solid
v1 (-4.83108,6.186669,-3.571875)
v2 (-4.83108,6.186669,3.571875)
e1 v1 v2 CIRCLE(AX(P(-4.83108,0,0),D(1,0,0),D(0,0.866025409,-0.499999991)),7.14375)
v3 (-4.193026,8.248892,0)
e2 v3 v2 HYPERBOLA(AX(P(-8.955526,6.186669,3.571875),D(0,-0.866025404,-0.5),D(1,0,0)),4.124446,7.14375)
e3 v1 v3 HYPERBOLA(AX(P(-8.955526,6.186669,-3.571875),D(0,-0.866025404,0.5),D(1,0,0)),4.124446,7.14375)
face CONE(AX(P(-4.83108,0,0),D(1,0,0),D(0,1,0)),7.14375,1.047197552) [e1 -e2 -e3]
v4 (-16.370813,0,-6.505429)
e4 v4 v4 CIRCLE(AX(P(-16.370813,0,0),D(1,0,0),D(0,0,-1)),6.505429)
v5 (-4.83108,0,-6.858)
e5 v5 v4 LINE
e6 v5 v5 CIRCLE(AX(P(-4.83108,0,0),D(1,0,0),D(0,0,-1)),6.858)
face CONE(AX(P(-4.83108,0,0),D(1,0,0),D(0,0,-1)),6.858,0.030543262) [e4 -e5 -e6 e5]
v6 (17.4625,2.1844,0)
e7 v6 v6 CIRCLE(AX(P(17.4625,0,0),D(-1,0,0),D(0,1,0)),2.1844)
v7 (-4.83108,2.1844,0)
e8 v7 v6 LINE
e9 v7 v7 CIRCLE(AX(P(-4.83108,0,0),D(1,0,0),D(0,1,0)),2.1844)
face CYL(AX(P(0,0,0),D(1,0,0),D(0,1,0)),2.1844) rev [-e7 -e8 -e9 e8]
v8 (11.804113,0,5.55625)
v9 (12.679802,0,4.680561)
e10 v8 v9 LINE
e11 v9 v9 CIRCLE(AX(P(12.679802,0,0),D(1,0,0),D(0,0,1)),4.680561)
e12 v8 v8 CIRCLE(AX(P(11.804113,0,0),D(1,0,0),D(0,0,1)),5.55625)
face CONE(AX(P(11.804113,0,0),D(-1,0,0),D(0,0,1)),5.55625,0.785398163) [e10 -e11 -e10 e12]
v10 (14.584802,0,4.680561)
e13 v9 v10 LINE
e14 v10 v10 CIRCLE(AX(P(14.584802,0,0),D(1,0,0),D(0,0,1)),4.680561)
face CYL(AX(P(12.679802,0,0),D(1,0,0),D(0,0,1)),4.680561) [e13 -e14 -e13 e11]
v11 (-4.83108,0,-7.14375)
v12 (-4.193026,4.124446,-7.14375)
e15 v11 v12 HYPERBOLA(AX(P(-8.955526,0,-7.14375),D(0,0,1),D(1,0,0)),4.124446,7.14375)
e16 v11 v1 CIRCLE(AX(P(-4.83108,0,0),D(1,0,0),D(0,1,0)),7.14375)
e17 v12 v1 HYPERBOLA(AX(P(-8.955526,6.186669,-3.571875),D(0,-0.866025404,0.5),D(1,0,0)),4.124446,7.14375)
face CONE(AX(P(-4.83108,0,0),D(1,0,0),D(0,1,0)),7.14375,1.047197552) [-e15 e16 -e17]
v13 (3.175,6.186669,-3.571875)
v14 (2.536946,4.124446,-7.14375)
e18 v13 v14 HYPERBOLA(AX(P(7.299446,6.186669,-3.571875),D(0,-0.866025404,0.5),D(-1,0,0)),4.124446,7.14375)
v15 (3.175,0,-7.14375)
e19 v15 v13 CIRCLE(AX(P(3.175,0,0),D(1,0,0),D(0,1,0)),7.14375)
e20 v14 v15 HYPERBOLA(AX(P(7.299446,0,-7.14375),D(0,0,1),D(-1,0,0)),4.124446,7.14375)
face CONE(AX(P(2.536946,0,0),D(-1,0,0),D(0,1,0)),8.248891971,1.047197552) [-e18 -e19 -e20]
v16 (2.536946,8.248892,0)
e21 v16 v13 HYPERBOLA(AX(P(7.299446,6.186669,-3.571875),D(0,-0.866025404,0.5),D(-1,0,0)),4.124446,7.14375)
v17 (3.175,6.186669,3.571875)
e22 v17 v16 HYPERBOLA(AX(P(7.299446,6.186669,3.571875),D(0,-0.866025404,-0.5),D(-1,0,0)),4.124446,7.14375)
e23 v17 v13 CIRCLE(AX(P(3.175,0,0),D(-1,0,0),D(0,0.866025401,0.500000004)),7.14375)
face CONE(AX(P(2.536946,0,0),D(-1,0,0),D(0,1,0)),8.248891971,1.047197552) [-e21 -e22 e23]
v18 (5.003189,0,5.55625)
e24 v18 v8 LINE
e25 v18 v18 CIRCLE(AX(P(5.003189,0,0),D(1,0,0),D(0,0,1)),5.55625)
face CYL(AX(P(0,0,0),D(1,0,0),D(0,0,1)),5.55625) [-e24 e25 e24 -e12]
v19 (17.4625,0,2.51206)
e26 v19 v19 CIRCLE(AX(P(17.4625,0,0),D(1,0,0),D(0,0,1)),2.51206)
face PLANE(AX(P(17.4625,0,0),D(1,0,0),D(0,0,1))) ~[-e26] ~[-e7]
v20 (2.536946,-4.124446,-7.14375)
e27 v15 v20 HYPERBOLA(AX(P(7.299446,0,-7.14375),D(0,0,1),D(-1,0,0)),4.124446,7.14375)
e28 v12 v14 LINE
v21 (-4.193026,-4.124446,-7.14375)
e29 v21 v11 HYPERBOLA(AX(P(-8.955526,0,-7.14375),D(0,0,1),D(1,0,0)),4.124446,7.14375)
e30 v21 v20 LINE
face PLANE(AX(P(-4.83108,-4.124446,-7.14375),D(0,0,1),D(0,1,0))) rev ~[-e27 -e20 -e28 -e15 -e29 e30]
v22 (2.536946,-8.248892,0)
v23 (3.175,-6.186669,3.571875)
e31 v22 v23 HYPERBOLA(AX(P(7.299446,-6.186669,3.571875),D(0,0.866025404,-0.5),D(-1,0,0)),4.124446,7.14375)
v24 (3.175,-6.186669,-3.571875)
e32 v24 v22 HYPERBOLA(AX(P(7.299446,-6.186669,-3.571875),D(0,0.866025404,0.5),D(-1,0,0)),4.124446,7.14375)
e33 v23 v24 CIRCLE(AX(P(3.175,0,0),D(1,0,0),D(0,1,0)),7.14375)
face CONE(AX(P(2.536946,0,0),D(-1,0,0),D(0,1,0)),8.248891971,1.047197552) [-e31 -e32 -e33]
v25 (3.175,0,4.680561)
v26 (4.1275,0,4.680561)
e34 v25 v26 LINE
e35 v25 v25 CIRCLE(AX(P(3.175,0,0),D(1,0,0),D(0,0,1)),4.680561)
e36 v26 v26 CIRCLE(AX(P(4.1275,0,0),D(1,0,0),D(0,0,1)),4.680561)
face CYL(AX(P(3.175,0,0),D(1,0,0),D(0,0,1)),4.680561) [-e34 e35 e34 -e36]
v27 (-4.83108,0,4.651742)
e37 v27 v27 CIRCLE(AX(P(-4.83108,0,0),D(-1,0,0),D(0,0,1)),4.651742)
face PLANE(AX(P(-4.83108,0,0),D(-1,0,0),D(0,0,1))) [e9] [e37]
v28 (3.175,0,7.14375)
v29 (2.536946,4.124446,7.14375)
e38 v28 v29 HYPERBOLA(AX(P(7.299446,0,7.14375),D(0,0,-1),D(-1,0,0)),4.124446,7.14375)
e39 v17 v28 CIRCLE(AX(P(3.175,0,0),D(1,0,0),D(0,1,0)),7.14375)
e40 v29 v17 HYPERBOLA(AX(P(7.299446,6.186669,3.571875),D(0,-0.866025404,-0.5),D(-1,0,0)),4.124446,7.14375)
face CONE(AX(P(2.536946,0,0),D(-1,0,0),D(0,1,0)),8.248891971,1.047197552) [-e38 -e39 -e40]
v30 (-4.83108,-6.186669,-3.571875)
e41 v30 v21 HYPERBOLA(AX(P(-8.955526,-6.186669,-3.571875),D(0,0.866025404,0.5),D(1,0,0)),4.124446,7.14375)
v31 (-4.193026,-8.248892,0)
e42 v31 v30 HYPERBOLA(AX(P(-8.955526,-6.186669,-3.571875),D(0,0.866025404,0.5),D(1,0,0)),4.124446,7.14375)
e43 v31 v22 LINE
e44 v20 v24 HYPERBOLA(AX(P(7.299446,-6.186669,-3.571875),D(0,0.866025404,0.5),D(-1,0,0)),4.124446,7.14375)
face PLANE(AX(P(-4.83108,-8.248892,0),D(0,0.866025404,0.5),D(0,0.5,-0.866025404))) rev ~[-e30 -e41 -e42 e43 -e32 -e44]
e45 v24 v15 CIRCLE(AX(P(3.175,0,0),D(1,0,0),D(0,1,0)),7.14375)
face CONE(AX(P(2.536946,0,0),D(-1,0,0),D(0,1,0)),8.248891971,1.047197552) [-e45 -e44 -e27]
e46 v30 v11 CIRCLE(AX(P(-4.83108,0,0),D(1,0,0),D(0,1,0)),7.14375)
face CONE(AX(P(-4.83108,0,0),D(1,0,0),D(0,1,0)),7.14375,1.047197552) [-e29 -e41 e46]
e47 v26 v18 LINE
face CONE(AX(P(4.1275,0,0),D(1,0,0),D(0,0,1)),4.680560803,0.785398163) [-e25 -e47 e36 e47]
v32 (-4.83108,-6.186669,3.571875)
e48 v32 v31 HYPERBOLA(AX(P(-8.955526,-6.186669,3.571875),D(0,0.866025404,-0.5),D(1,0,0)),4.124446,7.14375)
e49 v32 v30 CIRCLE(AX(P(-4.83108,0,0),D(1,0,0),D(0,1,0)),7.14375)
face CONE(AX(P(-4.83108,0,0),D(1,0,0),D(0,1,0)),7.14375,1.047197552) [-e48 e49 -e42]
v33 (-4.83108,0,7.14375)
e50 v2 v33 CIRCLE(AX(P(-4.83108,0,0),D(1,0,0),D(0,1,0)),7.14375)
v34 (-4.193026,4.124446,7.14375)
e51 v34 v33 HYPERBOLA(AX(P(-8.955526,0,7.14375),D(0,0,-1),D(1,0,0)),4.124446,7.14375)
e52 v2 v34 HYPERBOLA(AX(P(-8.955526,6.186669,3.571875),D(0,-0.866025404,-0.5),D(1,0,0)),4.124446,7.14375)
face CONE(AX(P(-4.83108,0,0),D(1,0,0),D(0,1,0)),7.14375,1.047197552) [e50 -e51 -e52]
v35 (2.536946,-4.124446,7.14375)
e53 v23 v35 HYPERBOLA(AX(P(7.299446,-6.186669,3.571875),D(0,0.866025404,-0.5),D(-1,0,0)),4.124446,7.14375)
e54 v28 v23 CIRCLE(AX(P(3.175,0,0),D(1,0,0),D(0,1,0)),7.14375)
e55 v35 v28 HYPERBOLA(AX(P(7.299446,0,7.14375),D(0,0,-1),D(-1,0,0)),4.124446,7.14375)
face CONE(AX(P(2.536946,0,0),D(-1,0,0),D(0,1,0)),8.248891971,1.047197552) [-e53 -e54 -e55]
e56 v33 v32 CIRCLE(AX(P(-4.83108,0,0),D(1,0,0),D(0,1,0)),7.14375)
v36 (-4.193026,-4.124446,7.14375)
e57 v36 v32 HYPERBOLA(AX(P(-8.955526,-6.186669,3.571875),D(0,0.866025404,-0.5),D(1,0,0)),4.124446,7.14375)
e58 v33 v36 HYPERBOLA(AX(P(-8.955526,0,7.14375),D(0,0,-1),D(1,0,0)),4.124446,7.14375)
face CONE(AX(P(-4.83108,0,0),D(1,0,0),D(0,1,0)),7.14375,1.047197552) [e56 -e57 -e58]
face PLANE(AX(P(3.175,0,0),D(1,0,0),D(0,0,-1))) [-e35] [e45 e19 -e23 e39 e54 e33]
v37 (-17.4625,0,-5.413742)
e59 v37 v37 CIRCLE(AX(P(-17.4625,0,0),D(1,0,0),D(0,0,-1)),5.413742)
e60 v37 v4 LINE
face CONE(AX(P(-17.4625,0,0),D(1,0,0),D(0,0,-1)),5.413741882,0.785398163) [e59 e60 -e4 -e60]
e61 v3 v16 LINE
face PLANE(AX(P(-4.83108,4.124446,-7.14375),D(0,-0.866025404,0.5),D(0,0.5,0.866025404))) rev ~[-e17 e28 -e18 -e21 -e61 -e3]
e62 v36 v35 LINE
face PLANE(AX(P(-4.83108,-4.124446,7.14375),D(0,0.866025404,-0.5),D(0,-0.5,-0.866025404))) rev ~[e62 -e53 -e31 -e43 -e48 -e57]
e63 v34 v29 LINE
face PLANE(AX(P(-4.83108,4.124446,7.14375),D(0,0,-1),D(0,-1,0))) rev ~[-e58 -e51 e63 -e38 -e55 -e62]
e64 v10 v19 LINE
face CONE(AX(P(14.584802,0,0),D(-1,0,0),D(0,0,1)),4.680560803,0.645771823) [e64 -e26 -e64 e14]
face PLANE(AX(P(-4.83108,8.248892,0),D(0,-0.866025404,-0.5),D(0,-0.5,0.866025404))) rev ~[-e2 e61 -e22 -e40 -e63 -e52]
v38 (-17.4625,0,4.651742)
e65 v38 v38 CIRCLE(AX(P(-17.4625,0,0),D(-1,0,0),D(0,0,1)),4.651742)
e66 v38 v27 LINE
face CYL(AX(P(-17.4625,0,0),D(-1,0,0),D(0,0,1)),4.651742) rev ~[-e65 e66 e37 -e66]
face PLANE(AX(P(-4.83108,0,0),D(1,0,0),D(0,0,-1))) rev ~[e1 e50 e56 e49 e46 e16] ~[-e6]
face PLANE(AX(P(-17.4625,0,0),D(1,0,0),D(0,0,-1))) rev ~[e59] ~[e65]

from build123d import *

# Parameters (mm, degrees)
SKETCH6_W           = 34.925
SKETCH6_H           = 5.55625
EXTRUDE1_DEPTH      = 8.00608
SKETCH7_W           = 34.925
SKETCH7_H           = 2.1844
SKETCH17_R          = 5.55625
CUT_EXTRUDE1_DEPTH  = 12.63142
SKETCH19_R          = 6.858
BOSS_EXTRUDE1_DEPTH = 12.63142
BOSS_EXTRUDE1_DRAFT = -1.75
CHAMFER1_SIZE       = 1.058333333
CHAMFER1_SIZE2      = 1.092196811
SKETCH22_R          = 6.858
BOSS_EXTRUDE3_DEPTH = 12.63142
BOSS_EXTRUDE3_DRAFT = -15
SKETCH23_R          = 4.651741881
CUT_EXTRUDE2_DEPTH  = 12.63142


with BuildPart() as part:
    # Sketch6 → Revolve3 (revolve)
    with BuildSketch(Plane.XY, mode=Mode.PRIVATE) as revolve3_sk:
        with Locations((0, 2.778125)):
            Rectangle(SKETCH6_W, SKETCH6_H)
    revolve(revolve3_sk.sketch.rotate(Axis((-17.4625, 0, 0), (1, 0, 0)), 90), axis=Axis((-17.4625, 0, 0), (1, 0, 0)))

    # Sketch12 → Extrude1 (add)
    with BuildSketch(Plane(origin=(-4.83108, 0, 0), x_dir=(0, 0, -1), z_dir=(1, 0, 0))):
        Polygon((0, 8.248891971), (-7.14375, 4.124445986), (-7.14375, -4.124445986), (0, -8.248891971), (7.14375, -4.124445986), (7.14375, 4.124445986), align=None)
    extrude(amount=EXTRUDE1_DEPTH)

    # Sketch10 → Cut-Revolve6 (revolve, cut)
    with BuildSketch(Plane.XY, mode=Mode.PRIVATE) as cut_revolve6_sk:
        Polygon((5.003189197, 5.55625), (3.175, 5.55625), (3.175, 4.680560803), (4.1275, 4.680560803), align=None)
        Polygon((17.4625, 5.55625), (11.804113042, 5.55625), (12.679802239, 4.680560803), (14.584802239, 4.680560803), (17.4625, 2.51206), align=None)
    revolve(cut_revolve6_sk.sketch.rotate(Axis((-17.4625, 0, 0), (1, 0, 0)), 90), axis=Axis((-17.4625, 0, 0), (1, 0, 0)), mode=Mode.SUBTRACT)

    # Sketch7 → Cut-Revolve5 (revolve, cut)
    with BuildSketch(Plane.XY):
        with Locations((0, 1.0922)):
            Rectangle(SKETCH7_W, SKETCH7_H)
    revolve(axis=Axis((17.4625, 0, 0), (-1, 0, 0)), mode=Mode.SUBTRACT)

    # Sketch13 → Cut-Revolve7 (revolve, cut)
    with BuildSketch(Plane.XY):
        Polygon((-4.83108, 8.248891971), (-4.83108, 7.14375), (-4.193025986, 8.248891971), align=None)
        Polygon((2.536945986, 8.248891971), (3.175, 7.14375), (3.175, 8.248891971), align=None)
    revolve(axis=Axis((-17.4625, 0, 0), (1, 0, 0)), mode=Mode.SUBTRACT)

    # Sketch17 → Cut-Extrude1 (cut)
    with BuildSketch(Plane.ZY.offset(17.4625)):
        Circle(SKETCH17_R)
    extrude(amount=-CUT_EXTRUDE1_DEPTH, mode=Mode.SUBTRACT)


with BuildPart() as body_2:
    # Sketch19 → Boss-Extrude1 (with draft: the straight prism first)
    with BuildSketch(Plane(origin=(-4.83108, 0, 0), x_dir=(0, 0, -1), z_dir=(1, 0, 0))):
        Circle(SKETCH19_R)
    extrude(amount=-BOSS_EXTRUDE1_DEPTH)
    # Boss-Extrude1: the draft: its side faces are tilted about the plane it starts from
    boss_extrude1_sides = [body_2.faces().sort_by_distance(p)[0] for p in [
        (-11.14679, 0, 6.858),
    ]]
    draft(boss_extrude1_sides, Plane(origin=(-4.83108, 0, 0), x_dir=(0, 0, -1), z_dir=(1, 0, 0)), BOSS_EXTRUDE1_DRAFT)

    # Chamfer1
    chamfer1_edges = [body_2.edges().sort_by_distance(p)[0] for p in [
        (-17.4625, 0, 6.472075215),
    ]]
    chamfer1_side = [body_2.faces().sort_by_distance(p)[0] for p in [
        (-17.4625, 0, 0),
    ]]
    chamfer(chamfer1_edges, length=CHAMFER1_SIZE, length2=CHAMFER1_SIZE2, reference=chamfer1_side[0])


with BuildPart() as boss_extrude3_tool:
    # Sketch22 → Boss-Extrude3 (with draft: the straight prism first)
    with BuildSketch(Plane(origin=(-4.83108, 0, 0), x_dir=(0, 0, -1), z_dir=(1, 0, 0))):
        Circle(SKETCH22_R)
    extrude(amount=-BOSS_EXTRUDE3_DEPTH)
    # Boss-Extrude3: the draft: its side faces are tilted about the plane it starts from
    boss_extrude3_sides = [boss_extrude3_tool.faces().sort_by_distance(p)[0] for p in [
        (-11.14679, 0, 6.858),
    ]]
    draft(boss_extrude3_sides, Plane(origin=(-4.83108, 0, 0), x_dir=(0, 0, -1), z_dir=(1, 0, 0)), BOSS_EXTRUDE3_DRAFT)


with BuildPart() as body_2_1:
    add(body_2.part)

    # Boss-Extrude3: add boss_extrude3_tool
    add(boss_extrude3_tool.part)

    # Combine1: union part
    add(part.part)

    # Sketch23 → Cut-Extrude2 (cut)
    with BuildSketch(Plane.ZY.offset(17.4625)):
        Circle(SKETCH23_R)
    extrude(amount=-CUT_EXTRUDE2_DEPTH, mode=Mode.SUBTRACT)


solid = body_2_1.part
